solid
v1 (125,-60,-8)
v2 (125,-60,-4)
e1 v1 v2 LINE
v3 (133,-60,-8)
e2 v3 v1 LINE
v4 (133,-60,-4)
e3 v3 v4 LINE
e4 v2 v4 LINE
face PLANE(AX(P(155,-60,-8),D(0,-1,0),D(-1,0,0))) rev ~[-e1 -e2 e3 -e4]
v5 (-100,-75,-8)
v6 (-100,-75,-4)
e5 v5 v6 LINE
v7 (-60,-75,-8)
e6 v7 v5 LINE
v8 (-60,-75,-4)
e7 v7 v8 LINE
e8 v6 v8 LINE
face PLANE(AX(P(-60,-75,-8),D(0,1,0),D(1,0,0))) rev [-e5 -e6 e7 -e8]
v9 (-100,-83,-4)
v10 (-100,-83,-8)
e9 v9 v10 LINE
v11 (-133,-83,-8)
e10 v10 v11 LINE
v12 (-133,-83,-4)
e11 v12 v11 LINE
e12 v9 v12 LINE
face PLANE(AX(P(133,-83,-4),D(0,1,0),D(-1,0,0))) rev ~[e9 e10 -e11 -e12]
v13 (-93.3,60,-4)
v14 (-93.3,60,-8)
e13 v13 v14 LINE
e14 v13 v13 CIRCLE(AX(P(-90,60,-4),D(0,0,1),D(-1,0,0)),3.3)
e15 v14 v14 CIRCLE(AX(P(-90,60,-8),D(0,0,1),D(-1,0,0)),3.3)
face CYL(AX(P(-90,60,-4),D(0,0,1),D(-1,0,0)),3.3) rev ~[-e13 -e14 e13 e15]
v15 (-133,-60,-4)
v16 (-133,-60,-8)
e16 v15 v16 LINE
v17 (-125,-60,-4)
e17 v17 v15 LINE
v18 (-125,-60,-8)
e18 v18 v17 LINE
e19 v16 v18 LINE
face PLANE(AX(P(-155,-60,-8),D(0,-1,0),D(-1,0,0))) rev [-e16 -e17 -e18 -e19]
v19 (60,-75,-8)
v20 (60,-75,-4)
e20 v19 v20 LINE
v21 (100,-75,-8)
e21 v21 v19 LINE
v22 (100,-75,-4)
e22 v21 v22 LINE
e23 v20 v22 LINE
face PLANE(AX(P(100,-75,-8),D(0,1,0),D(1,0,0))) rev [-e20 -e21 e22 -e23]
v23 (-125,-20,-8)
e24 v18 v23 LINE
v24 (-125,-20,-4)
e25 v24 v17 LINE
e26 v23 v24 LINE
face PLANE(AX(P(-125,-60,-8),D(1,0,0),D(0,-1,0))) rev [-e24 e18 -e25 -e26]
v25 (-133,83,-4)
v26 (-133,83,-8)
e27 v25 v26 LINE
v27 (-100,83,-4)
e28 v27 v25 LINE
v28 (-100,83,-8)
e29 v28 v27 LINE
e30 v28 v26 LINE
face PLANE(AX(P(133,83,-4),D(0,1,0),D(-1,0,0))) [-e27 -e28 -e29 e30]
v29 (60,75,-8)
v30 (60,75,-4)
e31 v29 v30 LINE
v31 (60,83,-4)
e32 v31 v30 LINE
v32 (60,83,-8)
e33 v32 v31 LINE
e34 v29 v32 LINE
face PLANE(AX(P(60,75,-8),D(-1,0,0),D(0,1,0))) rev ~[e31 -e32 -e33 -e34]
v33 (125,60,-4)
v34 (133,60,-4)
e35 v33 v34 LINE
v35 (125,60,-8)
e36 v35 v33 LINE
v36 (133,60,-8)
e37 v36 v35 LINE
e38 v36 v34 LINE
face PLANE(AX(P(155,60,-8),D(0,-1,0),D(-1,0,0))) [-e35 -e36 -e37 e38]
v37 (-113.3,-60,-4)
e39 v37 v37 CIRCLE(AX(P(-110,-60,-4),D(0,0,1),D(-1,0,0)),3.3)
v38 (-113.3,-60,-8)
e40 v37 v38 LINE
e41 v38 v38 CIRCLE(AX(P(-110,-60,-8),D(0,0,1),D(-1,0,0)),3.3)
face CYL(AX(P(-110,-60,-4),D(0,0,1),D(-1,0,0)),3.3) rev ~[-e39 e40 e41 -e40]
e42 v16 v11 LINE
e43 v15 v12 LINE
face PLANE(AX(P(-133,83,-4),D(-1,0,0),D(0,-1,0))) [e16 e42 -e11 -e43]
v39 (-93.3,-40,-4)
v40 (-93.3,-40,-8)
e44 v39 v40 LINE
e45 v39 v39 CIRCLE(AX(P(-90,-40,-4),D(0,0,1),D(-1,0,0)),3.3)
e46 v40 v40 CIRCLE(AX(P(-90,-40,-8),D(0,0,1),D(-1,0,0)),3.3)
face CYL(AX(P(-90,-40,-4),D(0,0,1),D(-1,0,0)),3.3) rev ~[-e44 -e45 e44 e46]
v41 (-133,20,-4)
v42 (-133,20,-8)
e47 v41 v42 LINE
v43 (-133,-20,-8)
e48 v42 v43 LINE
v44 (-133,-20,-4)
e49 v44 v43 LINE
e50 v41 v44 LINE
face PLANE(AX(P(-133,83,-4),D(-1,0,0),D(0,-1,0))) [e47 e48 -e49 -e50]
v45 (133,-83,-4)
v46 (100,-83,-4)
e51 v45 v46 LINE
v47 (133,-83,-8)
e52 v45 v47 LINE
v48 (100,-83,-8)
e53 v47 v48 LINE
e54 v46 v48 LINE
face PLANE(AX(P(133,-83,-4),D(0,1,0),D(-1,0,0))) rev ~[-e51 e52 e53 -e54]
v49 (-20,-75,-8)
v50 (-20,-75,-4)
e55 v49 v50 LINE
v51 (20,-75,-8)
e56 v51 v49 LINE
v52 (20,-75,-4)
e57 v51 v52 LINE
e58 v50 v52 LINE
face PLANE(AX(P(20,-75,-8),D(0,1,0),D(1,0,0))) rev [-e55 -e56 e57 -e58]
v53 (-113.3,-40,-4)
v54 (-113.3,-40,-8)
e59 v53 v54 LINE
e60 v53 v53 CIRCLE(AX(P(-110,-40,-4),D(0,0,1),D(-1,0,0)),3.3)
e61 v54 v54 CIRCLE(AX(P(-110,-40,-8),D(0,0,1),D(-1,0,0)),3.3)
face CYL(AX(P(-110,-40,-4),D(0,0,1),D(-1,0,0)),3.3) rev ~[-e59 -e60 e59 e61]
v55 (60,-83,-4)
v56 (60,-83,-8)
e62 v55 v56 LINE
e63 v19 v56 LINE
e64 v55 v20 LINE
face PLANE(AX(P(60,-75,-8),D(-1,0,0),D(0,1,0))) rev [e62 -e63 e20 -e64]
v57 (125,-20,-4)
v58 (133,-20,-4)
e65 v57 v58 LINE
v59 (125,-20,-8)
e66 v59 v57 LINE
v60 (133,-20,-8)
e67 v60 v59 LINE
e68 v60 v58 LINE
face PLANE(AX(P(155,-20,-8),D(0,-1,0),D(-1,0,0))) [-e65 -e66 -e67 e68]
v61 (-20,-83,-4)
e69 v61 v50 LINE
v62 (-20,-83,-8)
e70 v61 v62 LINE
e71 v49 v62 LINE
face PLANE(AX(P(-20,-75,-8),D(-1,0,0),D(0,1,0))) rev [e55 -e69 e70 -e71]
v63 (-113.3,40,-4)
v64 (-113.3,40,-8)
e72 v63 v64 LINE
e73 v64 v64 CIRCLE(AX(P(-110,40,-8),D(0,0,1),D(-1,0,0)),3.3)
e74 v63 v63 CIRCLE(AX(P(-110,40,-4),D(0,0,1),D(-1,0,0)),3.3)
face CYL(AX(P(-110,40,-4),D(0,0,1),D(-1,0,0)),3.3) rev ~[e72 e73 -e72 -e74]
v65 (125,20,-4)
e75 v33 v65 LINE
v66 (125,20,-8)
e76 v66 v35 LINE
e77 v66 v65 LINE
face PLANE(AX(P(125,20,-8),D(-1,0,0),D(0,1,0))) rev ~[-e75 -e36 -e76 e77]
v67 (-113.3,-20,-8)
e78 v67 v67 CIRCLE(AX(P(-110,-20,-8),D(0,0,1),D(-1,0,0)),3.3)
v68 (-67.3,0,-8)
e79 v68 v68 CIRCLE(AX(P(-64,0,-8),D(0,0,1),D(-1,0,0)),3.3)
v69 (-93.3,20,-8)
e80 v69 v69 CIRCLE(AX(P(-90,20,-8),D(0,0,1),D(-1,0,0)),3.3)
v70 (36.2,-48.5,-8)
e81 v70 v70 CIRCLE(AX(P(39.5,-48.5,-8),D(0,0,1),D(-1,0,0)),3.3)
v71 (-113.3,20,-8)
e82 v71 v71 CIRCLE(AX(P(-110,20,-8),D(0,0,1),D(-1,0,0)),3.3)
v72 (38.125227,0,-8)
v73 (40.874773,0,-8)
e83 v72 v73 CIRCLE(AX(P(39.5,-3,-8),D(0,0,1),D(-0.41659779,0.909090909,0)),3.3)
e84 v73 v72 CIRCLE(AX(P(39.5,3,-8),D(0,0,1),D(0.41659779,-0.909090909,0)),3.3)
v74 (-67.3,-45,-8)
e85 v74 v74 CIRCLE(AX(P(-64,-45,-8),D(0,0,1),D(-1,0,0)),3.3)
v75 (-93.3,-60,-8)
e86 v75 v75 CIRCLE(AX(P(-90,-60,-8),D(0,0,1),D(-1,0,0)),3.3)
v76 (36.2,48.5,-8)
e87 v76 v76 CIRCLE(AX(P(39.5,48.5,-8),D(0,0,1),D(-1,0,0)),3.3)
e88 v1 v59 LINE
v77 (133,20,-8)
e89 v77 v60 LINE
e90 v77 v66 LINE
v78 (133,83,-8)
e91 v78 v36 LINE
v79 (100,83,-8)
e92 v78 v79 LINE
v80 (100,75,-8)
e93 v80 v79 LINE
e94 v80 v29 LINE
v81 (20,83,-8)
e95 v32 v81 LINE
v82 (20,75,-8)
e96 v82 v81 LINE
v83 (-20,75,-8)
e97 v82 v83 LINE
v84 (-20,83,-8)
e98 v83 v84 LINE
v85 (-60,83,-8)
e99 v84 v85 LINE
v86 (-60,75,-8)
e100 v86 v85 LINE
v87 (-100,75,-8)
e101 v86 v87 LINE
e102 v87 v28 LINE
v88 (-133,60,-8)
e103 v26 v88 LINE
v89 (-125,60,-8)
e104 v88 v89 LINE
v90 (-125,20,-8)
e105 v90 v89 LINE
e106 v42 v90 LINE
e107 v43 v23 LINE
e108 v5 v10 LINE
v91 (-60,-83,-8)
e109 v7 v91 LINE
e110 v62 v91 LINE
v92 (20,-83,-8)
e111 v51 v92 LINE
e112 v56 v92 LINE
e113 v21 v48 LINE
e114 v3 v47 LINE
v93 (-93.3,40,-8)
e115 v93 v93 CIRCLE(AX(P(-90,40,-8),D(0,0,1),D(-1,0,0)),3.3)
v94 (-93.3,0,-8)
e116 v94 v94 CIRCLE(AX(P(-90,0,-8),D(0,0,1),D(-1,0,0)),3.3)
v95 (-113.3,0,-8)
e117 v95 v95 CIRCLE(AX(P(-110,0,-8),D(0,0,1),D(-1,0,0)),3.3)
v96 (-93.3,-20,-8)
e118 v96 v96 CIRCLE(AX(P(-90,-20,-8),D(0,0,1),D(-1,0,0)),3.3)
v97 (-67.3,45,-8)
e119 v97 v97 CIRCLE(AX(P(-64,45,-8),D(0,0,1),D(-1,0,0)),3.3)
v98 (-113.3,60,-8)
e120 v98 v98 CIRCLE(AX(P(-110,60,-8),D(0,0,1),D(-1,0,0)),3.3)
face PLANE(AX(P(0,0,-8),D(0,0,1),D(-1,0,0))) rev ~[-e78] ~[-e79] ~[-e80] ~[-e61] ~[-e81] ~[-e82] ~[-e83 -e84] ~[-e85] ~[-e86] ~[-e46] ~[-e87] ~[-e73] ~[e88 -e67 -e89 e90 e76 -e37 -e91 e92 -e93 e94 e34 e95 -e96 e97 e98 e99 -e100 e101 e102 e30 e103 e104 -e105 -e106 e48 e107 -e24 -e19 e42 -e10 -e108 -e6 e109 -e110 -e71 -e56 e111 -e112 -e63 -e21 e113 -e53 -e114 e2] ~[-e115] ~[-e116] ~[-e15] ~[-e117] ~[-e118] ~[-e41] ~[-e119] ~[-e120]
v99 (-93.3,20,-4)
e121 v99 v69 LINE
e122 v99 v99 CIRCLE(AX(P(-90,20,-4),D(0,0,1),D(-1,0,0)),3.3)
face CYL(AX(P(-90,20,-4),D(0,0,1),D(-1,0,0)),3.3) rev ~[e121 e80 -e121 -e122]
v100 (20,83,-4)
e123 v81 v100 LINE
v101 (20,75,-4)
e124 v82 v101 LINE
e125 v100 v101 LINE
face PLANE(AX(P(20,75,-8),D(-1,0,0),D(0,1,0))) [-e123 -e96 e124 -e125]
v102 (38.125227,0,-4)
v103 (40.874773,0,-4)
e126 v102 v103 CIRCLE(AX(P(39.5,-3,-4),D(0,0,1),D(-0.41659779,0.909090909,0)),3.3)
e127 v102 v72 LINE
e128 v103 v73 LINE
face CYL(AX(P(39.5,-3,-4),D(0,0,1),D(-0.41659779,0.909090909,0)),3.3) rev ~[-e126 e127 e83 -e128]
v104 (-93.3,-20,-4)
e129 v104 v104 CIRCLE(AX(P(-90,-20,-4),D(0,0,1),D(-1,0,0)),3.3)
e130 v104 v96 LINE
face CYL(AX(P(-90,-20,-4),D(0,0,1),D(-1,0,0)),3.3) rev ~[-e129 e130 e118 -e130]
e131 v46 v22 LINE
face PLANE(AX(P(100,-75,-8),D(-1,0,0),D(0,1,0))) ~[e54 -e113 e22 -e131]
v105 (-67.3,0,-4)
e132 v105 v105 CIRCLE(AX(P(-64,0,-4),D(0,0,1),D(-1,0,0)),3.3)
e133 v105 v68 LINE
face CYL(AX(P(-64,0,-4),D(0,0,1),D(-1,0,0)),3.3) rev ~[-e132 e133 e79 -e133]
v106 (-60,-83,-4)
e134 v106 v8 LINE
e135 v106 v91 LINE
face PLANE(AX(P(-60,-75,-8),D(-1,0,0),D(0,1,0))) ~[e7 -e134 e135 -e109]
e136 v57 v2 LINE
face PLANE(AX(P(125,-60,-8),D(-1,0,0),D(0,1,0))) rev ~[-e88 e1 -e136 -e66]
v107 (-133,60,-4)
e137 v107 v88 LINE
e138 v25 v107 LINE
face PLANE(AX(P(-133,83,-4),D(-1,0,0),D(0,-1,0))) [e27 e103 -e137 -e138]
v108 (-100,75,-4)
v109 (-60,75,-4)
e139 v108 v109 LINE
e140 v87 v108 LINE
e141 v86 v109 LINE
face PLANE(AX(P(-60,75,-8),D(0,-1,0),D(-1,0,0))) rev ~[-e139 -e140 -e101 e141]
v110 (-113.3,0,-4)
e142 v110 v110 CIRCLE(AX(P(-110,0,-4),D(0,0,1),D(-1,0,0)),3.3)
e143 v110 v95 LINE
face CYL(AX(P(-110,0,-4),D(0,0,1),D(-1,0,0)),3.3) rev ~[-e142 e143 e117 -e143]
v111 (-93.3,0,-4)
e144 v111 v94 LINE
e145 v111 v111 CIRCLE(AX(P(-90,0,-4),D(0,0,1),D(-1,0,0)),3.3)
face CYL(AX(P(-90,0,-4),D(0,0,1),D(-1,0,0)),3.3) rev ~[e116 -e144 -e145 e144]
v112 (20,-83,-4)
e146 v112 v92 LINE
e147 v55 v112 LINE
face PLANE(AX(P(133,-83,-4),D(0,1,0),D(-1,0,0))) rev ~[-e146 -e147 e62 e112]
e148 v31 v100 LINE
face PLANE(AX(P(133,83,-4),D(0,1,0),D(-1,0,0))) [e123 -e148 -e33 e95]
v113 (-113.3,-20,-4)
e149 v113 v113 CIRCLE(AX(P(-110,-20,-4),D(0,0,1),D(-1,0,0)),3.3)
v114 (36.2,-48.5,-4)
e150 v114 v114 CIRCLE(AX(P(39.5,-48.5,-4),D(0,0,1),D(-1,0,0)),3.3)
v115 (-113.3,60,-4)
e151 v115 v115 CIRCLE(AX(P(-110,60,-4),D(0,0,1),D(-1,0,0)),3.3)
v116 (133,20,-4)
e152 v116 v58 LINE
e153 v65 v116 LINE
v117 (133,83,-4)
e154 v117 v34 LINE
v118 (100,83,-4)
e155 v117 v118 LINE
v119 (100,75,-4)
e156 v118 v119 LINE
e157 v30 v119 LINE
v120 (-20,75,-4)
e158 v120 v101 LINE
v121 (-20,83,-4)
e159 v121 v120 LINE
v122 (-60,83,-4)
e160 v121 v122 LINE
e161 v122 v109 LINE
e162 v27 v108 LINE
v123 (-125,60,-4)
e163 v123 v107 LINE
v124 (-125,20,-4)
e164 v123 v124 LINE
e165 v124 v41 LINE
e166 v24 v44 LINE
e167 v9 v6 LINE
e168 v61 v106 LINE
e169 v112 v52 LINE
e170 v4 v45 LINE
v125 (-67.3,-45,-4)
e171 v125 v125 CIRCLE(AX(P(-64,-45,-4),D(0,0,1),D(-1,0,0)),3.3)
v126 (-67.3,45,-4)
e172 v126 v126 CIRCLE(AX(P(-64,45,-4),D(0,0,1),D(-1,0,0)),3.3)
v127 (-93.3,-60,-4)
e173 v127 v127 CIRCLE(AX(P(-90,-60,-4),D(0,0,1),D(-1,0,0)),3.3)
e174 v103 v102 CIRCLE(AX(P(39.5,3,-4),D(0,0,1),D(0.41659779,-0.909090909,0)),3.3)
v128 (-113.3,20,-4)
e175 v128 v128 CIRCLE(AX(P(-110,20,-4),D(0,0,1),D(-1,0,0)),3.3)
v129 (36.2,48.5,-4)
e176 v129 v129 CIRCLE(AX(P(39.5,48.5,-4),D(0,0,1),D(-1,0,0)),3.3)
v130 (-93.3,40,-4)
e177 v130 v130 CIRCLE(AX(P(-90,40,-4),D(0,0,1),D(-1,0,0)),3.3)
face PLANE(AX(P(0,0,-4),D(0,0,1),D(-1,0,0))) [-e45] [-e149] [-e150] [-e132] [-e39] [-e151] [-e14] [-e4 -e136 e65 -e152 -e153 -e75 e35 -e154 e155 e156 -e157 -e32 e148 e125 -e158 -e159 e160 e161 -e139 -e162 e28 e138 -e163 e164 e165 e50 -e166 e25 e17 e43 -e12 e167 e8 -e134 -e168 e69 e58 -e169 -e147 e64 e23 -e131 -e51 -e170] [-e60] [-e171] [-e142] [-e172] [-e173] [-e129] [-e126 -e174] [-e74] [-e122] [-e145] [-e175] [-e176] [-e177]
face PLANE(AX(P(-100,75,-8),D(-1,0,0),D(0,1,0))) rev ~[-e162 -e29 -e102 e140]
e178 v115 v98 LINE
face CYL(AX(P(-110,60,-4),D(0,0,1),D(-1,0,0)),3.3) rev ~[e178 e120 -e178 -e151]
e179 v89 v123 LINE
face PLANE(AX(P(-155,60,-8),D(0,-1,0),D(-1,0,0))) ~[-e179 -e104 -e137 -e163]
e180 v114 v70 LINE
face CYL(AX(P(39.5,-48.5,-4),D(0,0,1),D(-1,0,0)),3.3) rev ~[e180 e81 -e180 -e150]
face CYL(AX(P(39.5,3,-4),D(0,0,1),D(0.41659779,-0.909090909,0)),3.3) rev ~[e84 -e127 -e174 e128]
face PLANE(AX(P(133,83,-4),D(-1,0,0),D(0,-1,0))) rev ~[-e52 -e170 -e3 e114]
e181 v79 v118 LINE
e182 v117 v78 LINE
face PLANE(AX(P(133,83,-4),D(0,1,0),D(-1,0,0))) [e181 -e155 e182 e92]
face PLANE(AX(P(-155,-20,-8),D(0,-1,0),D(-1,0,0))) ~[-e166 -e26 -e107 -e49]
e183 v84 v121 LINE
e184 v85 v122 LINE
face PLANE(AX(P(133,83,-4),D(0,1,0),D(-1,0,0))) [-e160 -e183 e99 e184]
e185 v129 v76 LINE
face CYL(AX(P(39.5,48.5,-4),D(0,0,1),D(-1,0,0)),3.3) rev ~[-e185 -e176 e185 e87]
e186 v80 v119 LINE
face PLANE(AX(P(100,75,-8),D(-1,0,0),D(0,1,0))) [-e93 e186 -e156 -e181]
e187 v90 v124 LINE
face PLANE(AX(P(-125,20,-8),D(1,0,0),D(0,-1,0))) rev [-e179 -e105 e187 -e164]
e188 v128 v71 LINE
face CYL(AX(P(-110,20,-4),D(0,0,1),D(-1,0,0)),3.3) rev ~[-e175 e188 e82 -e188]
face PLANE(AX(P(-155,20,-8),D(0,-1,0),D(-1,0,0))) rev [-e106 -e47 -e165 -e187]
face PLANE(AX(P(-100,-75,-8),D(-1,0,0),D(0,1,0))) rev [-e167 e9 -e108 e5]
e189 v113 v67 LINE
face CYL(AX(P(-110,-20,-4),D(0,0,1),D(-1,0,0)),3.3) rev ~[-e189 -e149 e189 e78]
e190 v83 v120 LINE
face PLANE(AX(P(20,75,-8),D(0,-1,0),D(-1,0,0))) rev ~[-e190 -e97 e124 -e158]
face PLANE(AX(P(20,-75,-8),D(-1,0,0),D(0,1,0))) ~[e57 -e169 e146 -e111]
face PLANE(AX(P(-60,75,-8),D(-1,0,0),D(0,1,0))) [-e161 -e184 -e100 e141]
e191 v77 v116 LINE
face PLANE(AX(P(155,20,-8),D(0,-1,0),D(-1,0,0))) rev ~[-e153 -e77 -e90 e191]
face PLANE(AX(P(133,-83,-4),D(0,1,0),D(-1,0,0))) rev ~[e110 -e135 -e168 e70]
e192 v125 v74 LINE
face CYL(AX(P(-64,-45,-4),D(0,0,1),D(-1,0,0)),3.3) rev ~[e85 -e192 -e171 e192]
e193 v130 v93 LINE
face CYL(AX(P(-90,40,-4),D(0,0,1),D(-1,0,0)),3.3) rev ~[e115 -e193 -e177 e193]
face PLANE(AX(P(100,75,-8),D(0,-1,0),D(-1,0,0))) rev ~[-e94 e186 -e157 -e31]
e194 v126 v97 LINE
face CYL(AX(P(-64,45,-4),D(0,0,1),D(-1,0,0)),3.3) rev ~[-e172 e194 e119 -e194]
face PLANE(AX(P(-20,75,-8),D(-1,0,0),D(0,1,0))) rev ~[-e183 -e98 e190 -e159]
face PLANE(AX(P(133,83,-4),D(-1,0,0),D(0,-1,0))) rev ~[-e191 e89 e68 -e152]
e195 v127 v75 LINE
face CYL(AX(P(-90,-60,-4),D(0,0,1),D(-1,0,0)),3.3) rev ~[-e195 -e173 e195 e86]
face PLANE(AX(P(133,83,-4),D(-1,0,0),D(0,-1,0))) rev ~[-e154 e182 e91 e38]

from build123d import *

# Parameters (mm, degrees)
SKETCH002_W   = 266
SKETCH002_H   = 166
PAD001_DEPTH  = 4
SKETCH015_W   = 40
SKETCH015_H   = 30
SKETCH015_W_2 = 30
SKETCH015_H_2 = 40
POCKET_DEPTH  = 631.146916
SKETCH034_R   = 3.3
HOLE_DEPTH    = 4.001


with BuildPart() as part:
    # Sketch002 (on DatumPlane) → Pad001 (new body)
    with BuildSketch(Plane(origin=(0, 0, -4), x_dir=(-1, 0, 0), z_dir=(0, 0, 1))):
        Rectangle(SKETCH002_W, SKETCH002_H)
    extrude(amount=-PAD001_DEPTH)

    # Sketch015 (on Face6 of Pad001) → Pocket (cut, through all)
    with BuildSketch(Plane(origin=(0, 0, -8), x_dir=(-1, 0, 0), z_dir=(0, 0, -1))):
        with Locations((-80, 90)):
            Rectangle(SKETCH015_W, SKETCH015_H)
        with Locations((0, 90)):
            Rectangle(SKETCH015_W, SKETCH015_H)
        with Locations((80, 90)):
            Rectangle(SKETCH015_W, SKETCH015_H)
        with Locations((-140, 40)):
            Rectangle(SKETCH015_W_2, SKETCH015_H_2)
        with Locations((-140, -40)):
            Rectangle(SKETCH015_W_2, SKETCH015_H_2)
    pocket = extrude(amount=-POCKET_DEPTH, mode=Mode.SUBTRACT)

    # Mirrored: Pocket across Sketch015 V_Axis
    add(pocket.mirror(Plane(origin=(0, 0, -8), x_dir=(0, 0, -1), z_dir=(-1, 0, 0))), mode=Mode.SUBTRACT)

    # Mirrored001: Pocket across Sketch015 H_Axis
    add(pocket.mirror(Plane(origin=(0, 0, -8), x_dir=(0, 0, -1), z_dir=(0, 1, 0))), mode=Mode.SUBTRACT)

    # Sketch034 (on Face2 of Mirrored001) → Hole (cut, through all)
    with BuildSketch(Plane(origin=(0, 0, -4), x_dir=(-1, 0, 0), z_dir=(0, 0, 1))):
        with Locations((-39.5, 48.5)):
            Circle(SKETCH034_R)
        with Locations((64, 45)):
            Circle(SKETCH034_R)
        with Locations((64, 0)):
            Circle(SKETCH034_R)
        with Locations((-39.5, 3)):
            Circle(SKETCH034_R)
        with Locations((-39.5, -3)):
            Circle(SKETCH034_R)
        with Locations((-39.5, -48.5)):
            Circle(SKETCH034_R)
        with Locations((64, -45)):
            Circle(SKETCH034_R)
        with Locations((110, 60)):
            Circle(SKETCH034_R)
        with Locations((90, 60)):
            Circle(SKETCH034_R)
        with Locations((110, 40)):
            Circle(SKETCH034_R)
        with Locations((90, 40)):
            Circle(SKETCH034_R)
        with Locations((110, 20)):
            Circle(SKETCH034_R)
        with Locations((90, 20)):
            Circle(SKETCH034_R)
        with Locations((110, 0)):
            Circle(SKETCH034_R)
        with Locations((90, 0)):
            Circle(SKETCH034_R)
        with Locations((110, -20)):
            Circle(SKETCH034_R)
        with Locations((90, -20)):
            Circle(SKETCH034_R)
        with Locations((110, -40)):
            Circle(SKETCH034_R)
        with Locations((90, -40)):
            Circle(SKETCH034_R)
        with Locations((110, -60)):
            Circle(SKETCH034_R)
        with Locations((90, -60)):
            Circle(SKETCH034_R)
    extrude(amount=-HOLE_DEPTH, mode=Mode.SUBTRACT)


solid = part.part
